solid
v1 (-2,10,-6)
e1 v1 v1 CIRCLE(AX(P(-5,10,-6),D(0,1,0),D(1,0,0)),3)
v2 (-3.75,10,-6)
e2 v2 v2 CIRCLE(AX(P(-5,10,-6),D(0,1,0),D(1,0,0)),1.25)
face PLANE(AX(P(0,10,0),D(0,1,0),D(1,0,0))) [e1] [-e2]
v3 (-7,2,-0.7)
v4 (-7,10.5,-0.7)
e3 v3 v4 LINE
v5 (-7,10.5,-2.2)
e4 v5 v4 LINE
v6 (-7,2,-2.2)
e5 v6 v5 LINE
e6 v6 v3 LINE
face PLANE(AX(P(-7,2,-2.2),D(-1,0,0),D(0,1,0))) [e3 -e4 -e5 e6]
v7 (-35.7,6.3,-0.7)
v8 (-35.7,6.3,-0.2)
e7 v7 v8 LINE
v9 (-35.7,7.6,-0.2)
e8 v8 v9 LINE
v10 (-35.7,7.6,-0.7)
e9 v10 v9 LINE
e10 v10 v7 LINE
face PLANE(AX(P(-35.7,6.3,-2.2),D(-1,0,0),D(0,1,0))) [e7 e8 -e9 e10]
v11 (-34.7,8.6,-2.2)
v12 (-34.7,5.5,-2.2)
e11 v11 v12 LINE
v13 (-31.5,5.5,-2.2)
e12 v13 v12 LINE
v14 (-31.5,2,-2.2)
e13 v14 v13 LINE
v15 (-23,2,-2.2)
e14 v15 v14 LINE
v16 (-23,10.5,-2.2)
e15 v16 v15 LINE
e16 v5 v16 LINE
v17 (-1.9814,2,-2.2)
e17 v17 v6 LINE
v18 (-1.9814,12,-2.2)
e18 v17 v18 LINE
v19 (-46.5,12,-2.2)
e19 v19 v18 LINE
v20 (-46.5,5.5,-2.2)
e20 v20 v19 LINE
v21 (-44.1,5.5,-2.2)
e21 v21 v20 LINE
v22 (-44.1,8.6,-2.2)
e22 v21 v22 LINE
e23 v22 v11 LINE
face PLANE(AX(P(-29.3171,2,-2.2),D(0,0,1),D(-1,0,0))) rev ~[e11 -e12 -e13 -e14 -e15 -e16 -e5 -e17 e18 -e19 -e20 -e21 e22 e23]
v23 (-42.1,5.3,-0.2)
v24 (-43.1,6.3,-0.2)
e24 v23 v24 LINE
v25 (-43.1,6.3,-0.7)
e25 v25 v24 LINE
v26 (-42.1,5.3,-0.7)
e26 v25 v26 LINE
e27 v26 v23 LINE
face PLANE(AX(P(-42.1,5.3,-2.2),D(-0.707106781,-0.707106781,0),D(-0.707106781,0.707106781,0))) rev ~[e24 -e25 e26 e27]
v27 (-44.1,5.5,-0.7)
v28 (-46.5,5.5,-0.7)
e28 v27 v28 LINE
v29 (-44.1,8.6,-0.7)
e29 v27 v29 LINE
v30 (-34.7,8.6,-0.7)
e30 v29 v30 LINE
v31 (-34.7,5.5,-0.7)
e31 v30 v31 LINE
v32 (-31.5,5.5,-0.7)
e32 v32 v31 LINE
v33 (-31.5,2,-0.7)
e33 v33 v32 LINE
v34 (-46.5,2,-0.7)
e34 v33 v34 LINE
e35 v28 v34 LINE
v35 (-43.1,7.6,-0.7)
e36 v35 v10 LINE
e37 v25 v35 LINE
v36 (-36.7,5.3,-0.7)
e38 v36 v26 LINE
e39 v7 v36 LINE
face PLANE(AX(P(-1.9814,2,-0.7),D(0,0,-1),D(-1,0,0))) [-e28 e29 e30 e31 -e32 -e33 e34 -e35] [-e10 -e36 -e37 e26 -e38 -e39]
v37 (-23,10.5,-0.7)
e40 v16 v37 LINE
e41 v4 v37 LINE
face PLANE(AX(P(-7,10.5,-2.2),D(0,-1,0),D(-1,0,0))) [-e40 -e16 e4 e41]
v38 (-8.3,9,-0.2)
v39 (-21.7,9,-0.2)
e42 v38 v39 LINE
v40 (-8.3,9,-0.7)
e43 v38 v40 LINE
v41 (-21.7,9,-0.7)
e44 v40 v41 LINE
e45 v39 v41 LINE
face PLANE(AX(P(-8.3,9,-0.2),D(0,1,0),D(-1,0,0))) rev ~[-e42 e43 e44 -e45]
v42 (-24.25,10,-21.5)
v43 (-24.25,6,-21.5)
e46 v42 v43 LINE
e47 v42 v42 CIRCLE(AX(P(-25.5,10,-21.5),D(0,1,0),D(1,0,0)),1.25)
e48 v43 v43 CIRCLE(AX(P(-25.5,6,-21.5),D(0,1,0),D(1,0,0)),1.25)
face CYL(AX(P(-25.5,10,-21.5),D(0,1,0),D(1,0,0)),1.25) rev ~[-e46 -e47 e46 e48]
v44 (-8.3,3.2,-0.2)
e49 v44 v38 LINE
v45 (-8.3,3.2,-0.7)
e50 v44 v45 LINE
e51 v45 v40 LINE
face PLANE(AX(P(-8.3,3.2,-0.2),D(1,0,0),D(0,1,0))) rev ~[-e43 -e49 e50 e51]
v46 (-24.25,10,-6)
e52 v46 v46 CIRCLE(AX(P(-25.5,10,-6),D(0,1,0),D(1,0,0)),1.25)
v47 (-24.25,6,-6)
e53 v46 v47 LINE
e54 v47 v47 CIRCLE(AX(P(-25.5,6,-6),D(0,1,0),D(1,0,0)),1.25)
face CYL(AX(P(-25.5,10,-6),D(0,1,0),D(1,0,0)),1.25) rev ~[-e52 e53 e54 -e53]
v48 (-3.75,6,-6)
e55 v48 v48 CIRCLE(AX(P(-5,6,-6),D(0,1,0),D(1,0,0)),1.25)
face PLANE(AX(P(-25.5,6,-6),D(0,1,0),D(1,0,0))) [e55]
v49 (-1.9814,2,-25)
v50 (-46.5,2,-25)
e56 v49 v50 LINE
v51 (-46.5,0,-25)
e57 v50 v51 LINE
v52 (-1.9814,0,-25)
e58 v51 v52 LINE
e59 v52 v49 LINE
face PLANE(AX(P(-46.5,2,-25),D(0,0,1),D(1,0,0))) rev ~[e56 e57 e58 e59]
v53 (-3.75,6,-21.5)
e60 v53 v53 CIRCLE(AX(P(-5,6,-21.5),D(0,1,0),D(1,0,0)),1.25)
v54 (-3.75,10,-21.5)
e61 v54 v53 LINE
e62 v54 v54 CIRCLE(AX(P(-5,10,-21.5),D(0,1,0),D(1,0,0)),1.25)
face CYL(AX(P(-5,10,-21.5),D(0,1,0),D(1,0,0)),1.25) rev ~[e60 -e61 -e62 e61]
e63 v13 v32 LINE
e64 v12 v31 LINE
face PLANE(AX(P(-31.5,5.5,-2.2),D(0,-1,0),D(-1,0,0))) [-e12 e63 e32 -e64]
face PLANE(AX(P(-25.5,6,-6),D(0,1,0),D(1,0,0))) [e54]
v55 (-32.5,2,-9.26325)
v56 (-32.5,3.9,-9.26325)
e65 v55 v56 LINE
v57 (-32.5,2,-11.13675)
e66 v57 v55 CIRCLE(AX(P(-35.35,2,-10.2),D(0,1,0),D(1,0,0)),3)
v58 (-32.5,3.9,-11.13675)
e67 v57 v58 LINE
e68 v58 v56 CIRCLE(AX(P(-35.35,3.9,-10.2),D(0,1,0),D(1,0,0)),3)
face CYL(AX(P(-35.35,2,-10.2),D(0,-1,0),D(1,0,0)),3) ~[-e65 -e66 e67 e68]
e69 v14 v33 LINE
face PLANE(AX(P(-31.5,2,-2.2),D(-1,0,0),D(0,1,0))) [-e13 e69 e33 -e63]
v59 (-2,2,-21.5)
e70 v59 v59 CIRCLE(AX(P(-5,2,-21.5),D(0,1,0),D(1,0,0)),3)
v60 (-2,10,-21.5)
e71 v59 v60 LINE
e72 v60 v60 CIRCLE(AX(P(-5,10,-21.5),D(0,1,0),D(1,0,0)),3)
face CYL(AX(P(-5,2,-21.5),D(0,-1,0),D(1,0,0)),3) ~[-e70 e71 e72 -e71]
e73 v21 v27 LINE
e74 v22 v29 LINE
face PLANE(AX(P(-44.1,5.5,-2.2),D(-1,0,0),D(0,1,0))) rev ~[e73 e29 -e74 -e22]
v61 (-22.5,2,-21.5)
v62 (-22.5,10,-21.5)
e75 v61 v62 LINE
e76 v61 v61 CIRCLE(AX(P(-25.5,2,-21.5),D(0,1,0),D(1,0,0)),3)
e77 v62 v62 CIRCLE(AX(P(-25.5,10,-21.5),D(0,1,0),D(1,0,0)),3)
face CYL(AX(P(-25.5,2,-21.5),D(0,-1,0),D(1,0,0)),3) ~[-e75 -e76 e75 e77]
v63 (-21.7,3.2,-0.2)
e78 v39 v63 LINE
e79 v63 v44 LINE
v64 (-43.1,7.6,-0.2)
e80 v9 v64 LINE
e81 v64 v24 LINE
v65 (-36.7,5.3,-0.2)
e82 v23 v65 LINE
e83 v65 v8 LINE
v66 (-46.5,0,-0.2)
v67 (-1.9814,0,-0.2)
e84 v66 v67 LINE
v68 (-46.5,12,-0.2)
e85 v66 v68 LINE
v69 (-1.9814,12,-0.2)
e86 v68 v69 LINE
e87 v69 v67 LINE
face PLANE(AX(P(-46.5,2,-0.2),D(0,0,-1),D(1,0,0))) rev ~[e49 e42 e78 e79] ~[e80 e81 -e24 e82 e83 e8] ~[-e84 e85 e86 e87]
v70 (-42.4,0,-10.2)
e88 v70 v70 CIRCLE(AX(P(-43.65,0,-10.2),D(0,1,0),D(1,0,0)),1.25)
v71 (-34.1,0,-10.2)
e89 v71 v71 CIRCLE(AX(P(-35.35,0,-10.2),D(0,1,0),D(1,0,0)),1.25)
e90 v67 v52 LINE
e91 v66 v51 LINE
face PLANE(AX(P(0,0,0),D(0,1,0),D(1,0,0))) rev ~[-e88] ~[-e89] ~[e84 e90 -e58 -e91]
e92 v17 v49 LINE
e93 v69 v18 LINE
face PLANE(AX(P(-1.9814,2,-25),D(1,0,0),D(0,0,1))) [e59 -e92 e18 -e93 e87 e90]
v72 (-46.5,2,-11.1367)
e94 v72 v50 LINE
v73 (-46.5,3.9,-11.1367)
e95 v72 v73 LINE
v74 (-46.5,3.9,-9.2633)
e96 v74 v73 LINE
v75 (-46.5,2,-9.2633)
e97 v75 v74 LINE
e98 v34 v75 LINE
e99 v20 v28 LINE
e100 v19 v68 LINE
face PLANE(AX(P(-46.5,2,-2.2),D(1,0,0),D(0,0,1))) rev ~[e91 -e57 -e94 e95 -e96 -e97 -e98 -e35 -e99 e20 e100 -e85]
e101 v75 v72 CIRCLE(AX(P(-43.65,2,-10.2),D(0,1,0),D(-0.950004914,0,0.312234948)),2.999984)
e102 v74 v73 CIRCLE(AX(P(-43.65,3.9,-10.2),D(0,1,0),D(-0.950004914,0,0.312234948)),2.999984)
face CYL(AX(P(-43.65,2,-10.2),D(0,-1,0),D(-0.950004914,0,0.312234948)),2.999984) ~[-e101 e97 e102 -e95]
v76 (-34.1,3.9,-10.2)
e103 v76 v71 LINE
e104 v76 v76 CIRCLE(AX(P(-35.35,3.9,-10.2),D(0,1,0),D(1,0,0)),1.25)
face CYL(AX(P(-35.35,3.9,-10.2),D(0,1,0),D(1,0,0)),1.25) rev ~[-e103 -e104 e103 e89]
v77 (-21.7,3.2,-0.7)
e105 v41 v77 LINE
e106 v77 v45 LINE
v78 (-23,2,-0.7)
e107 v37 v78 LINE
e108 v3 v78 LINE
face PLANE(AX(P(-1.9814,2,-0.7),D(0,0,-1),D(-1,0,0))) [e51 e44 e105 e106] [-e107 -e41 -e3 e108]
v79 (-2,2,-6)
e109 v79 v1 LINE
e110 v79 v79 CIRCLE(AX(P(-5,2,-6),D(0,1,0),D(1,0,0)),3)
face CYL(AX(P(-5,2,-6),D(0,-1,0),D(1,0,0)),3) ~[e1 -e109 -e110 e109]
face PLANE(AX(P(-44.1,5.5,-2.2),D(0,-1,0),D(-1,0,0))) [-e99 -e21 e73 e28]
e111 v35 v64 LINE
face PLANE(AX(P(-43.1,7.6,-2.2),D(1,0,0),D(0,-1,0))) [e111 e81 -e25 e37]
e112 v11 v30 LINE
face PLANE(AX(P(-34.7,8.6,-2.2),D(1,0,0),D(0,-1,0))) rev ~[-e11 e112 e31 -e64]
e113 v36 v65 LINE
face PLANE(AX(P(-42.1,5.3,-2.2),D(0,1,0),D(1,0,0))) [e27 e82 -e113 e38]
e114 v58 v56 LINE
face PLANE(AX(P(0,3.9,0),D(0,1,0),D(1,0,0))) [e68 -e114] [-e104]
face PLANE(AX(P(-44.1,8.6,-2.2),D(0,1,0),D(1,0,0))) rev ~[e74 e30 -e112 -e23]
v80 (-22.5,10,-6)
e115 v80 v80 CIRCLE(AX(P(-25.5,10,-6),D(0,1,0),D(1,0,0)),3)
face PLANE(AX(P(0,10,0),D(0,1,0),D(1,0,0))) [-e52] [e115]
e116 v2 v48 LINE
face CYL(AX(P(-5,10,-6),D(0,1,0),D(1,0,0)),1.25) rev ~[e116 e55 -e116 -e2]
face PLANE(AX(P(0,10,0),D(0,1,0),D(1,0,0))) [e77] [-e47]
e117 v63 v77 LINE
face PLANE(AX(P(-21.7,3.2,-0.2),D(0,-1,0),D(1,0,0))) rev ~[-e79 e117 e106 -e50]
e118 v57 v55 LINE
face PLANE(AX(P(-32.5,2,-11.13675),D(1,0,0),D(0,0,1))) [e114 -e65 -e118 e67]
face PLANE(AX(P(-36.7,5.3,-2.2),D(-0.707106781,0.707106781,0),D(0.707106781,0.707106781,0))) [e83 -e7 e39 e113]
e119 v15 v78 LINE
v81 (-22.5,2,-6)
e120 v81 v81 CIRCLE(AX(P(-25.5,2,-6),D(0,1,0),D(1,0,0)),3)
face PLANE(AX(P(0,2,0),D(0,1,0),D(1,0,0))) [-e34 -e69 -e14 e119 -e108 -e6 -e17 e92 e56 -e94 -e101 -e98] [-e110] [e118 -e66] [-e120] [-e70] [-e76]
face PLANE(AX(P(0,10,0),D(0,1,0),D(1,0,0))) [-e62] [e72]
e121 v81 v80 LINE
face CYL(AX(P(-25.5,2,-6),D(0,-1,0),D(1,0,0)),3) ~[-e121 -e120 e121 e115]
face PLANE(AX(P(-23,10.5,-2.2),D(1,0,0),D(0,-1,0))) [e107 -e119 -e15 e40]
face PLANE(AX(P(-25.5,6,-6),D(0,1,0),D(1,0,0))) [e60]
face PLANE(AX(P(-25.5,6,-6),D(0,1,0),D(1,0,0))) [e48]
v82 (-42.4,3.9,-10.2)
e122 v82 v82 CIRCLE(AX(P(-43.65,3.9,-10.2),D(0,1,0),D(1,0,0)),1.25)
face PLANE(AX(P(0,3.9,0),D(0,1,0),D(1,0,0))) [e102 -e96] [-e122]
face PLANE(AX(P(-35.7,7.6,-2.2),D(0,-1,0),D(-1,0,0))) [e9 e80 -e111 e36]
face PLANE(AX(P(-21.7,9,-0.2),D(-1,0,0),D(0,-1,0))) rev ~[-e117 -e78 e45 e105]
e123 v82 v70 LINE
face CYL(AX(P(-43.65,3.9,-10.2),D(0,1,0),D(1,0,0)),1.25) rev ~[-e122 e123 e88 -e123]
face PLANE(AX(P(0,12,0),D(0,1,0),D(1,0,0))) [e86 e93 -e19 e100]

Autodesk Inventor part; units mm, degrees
ref_plane "YZ Plane" through (0, 0, 0) normal (1, 0, 0) x (0, 1, 0)
ref_plane "XZ Plane" through (0, 0, 0) normal (0, 1, 0) x (-1, 0, 0)
ref_plane "XY Plane" through (0, 0, 0) normal (0, 0, 1) x (1, 0, 0)
sketch "Sketch1" plane through (0, 0, 0) normal (0, 1, 0) x (-1, 0, 0)
  line L0 (0, 0) -> (30, 0)
  line L1 (30, 0) -> (30, -25)
  line L2 (30, -25) -> (0, -25)
  line L3 (0, -25) -> (0, 0)
  dimension "d0" = 30
  dimension "d1" = 25
extrude "Extrusion1" add sketch "Sketch1" along normal blind 2
sketch "Sketch2" plane through (0, 2, 0) normal (0, 1, 0) x (1, 0, 0)
  circle A0 centre (-5, 6) radius 3
  circle A1 centre (-5, 21.5) radius 3
  circle A2 centre (-25.5, 6) radius 3
  circle A3 centre (-25.5, 21.5) radius 3
  line L0 (0, 0) -> (0, 25) projected
  line L1 (0, 25) -> (-30, 25) projected
  dimension "d4" = 15.5
  dimension "d5" = 15.5
  dimension "d6" = 20.5
  dimension "d7" = 20.5
  dimension "d8" = 0
  dimension "d9" = 0
  dimension "d10" = 6
  dimension "d11" = 6
  dimension "d12" = 6
  dimension "d13" = 6
  dimension "d14" = 5
  dimension "d15" = 3.5
extrude "Extrusion2" add sketch "Sketch2" along normal blind 8
sketch "Sketch3" plane through (-25.5, 10, -6) normal (0, 1, 0) x (1, 0, 0)
  circle A0 centre (20.5, 0) radius 3 projected
  circle A1 centre (20.5, 0) radius 1.25
  circle A2 centre (20.5, 15.5) radius 3 projected
  circle A3 centre (20.5, 15.5) radius 1.25
  circle A4 centre (0, 15.5) radius 3 projected
  circle A5 centre (0, 15.5) radius 1.25
  circle A6 centre (0, 0) radius 3 projected
  circle A7 centre (0, 0) radius 1.25
  point P0 (25.5, -6)
  dimension "d18" = 2.5
  dimension "d19" = 2.5
  dimension "d20" = 2.5
  dimension "d21" = 2.5
extrude "Extrusion3" cut sketch "Sketch3" against normal blind 4 contours A1 | A3 | A5 | A7
sketch "Sketch4" plane through (0, 2, 0) normal (0, 1, 0) x (1, 0, 0)
  line L0 (-30, 25) -> (-30, 0) projected
  line L1 (0, 0) -> (0, 25) projected
  line L2 (-30, 0.2) -> (0, 0.2)
  line L3 (0, 0.2) -> (0, 2.2)
  line L4 (0, 2.2) -> (-30, 2.2)
  line L5 (-30, 2.2) -> (-30, 0.2)
  circle A0 centre (-25.5, 6) radius 1.25 projected
  point P0 (0, 0.2)
  dimension "d28" = 5.8
  dimension "d29" = 2
extrude "Extrusion4" add sketch "Sketch4" along normal blind 10 contours L4 L1 L2 L0
sketch "Sketch5" plane through (-30, 2, -0.2) normal (0, 0, 1) x (1, 0, 0)
  line L0 (21.7, 7) -> (8.3, 7)
  line L1 (8.3, 7) -> (8.3, 1.2)
  line L2 (8.3, 1.2) -> (21.7, 1.2)
  line L3 (21.7, 1.2) -> (21.7, 7)
  line L4 (28, 8) -> (22, 8) projected
  line L5 (0, 0) -> (0, 10) projected
  point P0 (30, -2)
  point P1 (25, 8)
  dimension "d32" = 13.4
  dimension "d33" = 5.8
  dimension "d36" = 1
  dimension "d37" = 8.3
extrude "Extrusion5" cut sketch "Sketch5" against normal blind 10
sketch "Sketch6" plane through (0, 2, 0) normal (0, 1, 0) x (1, 0, 0)
  line L0 (0, 25) -> (-30, 25) projected
  line L1 (-30, 0.2) -> (0, 0.2) projected
  line L2 (-29.3171, 25) -> (-1.9814, 25)
  line L3 (-1.9814, 25) -> (-1.9814, 0.2)
  line L4 (-1.9814, 0.2) -> (-29.3171, 0.2)
  line L5 (-29.3171, 0.2) -> (-29.3171, 25)
  line L6 (-32.5014, 28.1843) -> (1.2029, 28.1843)
  line L7 (1.2029, 28.1843) -> (1.2029, -2.9843)
  line L8 (1.2029, -2.9843) -> (-32.5014, -2.9843)
  line L9 (-32.5014, -2.9843) -> (-32.5014, 28.1843)
  point P0 (-29.3171, 0.2)
extrude "Extrusion6" cut sketch "Sketch6" along normal mid plane 100
sketch "Sketch7" plane through (-1.9814, 2, -2.2) normal (0, 0, -1) x (-1, 0, 0)
  line L0 (0, 0) -> (27.3358, 0) projected
  line L1 (5.0186, 8.5) -> (21.0186, 8.5)
  line L2 (21.0186, 8.5) -> (21.0186, 0)
  line L3 (21.0186, 0) -> (5.0186, 0)
  line L4 (5.0186, 0) -> (5.0186, 8.5)
  line L5 (6.3186, 1.2) -> (6.3186, 7) projected
  line L6 (6.3186, 7) -> (19.7186, 7) projected
  point P0 (-1.9814, -2)
  point P1 (5.0186, 0)
  dimension "d42" = 16
  dimension "d43" = 1.3
  dimension "d44" = 1.5
extrude "Extrusion7" cut sketch "Sketch7" against normal blind 1.5
sketch "Sketch12" plane through (0, 2, 0) normal (0, 1, 0) x (1, 0, 0)
  line L0 (-29.3171, 0.2) -> (-1.9814, 0.2) projected
  line L1 (-29.3171, 0.2) -> (-46.5, 0.2)
  line L2 (-46.5, 0.2) -> (-46.5, 25)
  line L3 (-46.5, 25) -> (-29.3171, 25)
  line L4 (-29.3171, 25) -> (-29.3171, 0.2)
  circle A0 centre (-25.5, 6) radius 3 projected
  point P0 (0, 0)
  dimension "d49" = 18
extrude "Extrusion8" add sketch "Sketch12" against normal blind 2 contours L1 L2 L3 L4
sketch "Sketch13" plane through (0, 2, 0) normal (0, 1, 0) x (1, 0, 0)
  line L0 (-29.3171, 2.2) -> (-23, 2.2) projected
  line L1 (-46.5, 25) -> (-46.5, 0.2) projected
  line L2 (-29.3171, 2.2) -> (-46.5, 2.2)
  line L3 (-46.5, 2.2) -> (-46.5, 0.2)
  line L4 (-46.5, 0.2) -> (-29.3171, 0.2)
  line L5 (-29.3171, 0.2) -> (-29.3171, 2.2)
  point P0 (0, 0)
extrude "Extrusion9" add sketch "Sketch13" along normal up to surface (10 mm away)
sketch "Sketch14" plane through (0, 2, 0) normal (0, 1, 0) x (1, 0, 0)
  line L0 (-46.5, 0.2) -> (-46.5, 25) projected
  line L1 (-1.9814, 0.2) -> (-46.5, 0.2) projected
  line L2 (-46.5, 25) -> (-32.5, 25)
  line L3 (-32.5, 25) -> (-32.5, 0.2)
  line L4 (-32.5, 0.2) -> (-46.5, 0.2)
  line L5 (-46.5, 0.2) -> (-46.5, 25)
  circle A0 centre (-35.35, 10.2) radius 3
  arc A1 (-46.5, 9.2633) -> (-46.5, 11.1367) centre (-43.65, 10.2) ccw
  point P0 (0, 0)
  point P1 (-32.5, 9.2633)
  point P2 (-32.5, 11.1367)
  dimension "d54" = 14
  dimension "d55" = 10
  dimension "d56" = 10
  dimension "d57" = 8.3
  dimension "d58" = 6
  dimension "d59" = 6
  dimension "d60" = 2.85
extrude "Extrusion10" add sketch "Sketch14" along normal blind 1.9 contours L0 A1 | A0 L3 picked at (-36.2658, 10.5122)
sketch "Sketch15" plane through (0, 3.9, 0) normal (0, 1, 0) x (1, 0, 0)
  arc A0 (-32.5, 11.1367) -> (-32.5, 9.2633) centre (-35.35, 10.2) ccw projected
  circle A1 centre (-35.35, 10.2) radius 1.25
  arc A2 (-46.5, 9.2633) -> (-46.5, 11.1367) centre (-43.65, 10.2) ccw projected
  circle A3 centre (-43.65, 10.2) radius 1.25
  point P0 (0, 0)
  dimension "d63" = 2.5
  dimension "d64" = 2.5
extrude "Extrusion11" cut sketch "Sketch15" against normal blind 4
sketch "Sketch16" plane through (-1.9814, 2, -2.2) normal (0, 0, -1) x (-1, 0, 0)
  line L0 (33.7186, 5.6) -> (41.1186, 5.6)
  line L1 (41.1186, 5.6) -> (41.1186, 4.3)
  line L2 (40.1186, 3.3) -> (34.7186, 3.3)
  line L3 (33.7186, 4.3) -> (33.7186, 5.6)
  line L4 (36.3686, 0) -> (36.3686, 1.9) projected
  line L5 (36.3686, 1.5842) -> (36.3686, 2.8612)
  line L6 (38.6686, 0) -> (38.6686, 1.9) projected
  line L7 (38.6686, 1.3572) -> (38.6686, 2.8612)
  line L8 (36.3686, 1.9) -> (30.5186, 1.9) projected
  line L9 (34.7186, 3.3) -> (40.1186, 3.3)
  line L10 (34.7186, 3.3) -> (33.7186, 4.3)
  line L11 (40.1186, 3.3) -> (41.1186, 4.3)
  point P0 (-1.9814, -2)
  dimension "d68" = 7.4
  dimension "d69" = 2.3
  dimension "d70" = 2.65
  dimension "d71" = 1.4
  dimension "d75" = 1
  dimension "d76" = 1
  dimension "d77" = 135
extrude "Extrusion12" cut sketch "Sketch16" against normal blind 4
sketch "Sketch17" plane through (-1.9814, 2, -2.2) normal (0, 0, -1) x (-1, 0, 0)
  line L0 (0, 0) -> (44.5186, 0) projected
  line L1 (29.5186, 3.5) -> (44.5186, 3.5)
  line L2 (44.5186, 3.5) -> (44.5186, 0)
  line L3 (44.5186, 0) -> (29.5186, 0)
  line L4 (29.5186, 0) -> (29.5186, 3.5)
  line L5 (36.3686, 1.9) -> (30.5186, 1.9) projected
  line L6 (36.3686, 1.9) -> (38.6686, 1.9)
  line L7 (38.6686, 0) -> (38.6686, 1.9) projected
  line L8 (37.5186, 1.9) -> (37.5186, 2.6823)
  line L9 (32.7186, 3.5) -> (42.1186, 3.5)
  line L10 (42.1186, 3.5) -> (42.1186, 6.6)
  line L11 (42.1186, 6.6) -> (32.7186, 6.6)
  line L12 (32.7186, 6.6) -> (32.7186, 3.5)
  line L13 (33.7186, 5.6) -> (41.1186, 5.6) projected
  line L14 (33.7186, 4.3) -> (33.7186, 5.6) projected
  line L15 (41.1186, 5.6) -> (41.1186, 4.3) projected
  point P0 (-1.9814, -2)
  point P1 (29.5186, 0)
  dimension "d80" = 1.6
  dimension "d81" = 8
  dimension "d82" = 1
  dimension "d83" = 1
  dimension "d84" = 1
extrude "Extrusion13" cut sketch "Sketch17" against normal blind 1.5
sketch "Sketch18" plane through (-1.9814, 2, -0.7) normal (0, 0, -1) x (-1, 0, 0)
  point P0 (-1.9814, -2)
properties part number "USB"
